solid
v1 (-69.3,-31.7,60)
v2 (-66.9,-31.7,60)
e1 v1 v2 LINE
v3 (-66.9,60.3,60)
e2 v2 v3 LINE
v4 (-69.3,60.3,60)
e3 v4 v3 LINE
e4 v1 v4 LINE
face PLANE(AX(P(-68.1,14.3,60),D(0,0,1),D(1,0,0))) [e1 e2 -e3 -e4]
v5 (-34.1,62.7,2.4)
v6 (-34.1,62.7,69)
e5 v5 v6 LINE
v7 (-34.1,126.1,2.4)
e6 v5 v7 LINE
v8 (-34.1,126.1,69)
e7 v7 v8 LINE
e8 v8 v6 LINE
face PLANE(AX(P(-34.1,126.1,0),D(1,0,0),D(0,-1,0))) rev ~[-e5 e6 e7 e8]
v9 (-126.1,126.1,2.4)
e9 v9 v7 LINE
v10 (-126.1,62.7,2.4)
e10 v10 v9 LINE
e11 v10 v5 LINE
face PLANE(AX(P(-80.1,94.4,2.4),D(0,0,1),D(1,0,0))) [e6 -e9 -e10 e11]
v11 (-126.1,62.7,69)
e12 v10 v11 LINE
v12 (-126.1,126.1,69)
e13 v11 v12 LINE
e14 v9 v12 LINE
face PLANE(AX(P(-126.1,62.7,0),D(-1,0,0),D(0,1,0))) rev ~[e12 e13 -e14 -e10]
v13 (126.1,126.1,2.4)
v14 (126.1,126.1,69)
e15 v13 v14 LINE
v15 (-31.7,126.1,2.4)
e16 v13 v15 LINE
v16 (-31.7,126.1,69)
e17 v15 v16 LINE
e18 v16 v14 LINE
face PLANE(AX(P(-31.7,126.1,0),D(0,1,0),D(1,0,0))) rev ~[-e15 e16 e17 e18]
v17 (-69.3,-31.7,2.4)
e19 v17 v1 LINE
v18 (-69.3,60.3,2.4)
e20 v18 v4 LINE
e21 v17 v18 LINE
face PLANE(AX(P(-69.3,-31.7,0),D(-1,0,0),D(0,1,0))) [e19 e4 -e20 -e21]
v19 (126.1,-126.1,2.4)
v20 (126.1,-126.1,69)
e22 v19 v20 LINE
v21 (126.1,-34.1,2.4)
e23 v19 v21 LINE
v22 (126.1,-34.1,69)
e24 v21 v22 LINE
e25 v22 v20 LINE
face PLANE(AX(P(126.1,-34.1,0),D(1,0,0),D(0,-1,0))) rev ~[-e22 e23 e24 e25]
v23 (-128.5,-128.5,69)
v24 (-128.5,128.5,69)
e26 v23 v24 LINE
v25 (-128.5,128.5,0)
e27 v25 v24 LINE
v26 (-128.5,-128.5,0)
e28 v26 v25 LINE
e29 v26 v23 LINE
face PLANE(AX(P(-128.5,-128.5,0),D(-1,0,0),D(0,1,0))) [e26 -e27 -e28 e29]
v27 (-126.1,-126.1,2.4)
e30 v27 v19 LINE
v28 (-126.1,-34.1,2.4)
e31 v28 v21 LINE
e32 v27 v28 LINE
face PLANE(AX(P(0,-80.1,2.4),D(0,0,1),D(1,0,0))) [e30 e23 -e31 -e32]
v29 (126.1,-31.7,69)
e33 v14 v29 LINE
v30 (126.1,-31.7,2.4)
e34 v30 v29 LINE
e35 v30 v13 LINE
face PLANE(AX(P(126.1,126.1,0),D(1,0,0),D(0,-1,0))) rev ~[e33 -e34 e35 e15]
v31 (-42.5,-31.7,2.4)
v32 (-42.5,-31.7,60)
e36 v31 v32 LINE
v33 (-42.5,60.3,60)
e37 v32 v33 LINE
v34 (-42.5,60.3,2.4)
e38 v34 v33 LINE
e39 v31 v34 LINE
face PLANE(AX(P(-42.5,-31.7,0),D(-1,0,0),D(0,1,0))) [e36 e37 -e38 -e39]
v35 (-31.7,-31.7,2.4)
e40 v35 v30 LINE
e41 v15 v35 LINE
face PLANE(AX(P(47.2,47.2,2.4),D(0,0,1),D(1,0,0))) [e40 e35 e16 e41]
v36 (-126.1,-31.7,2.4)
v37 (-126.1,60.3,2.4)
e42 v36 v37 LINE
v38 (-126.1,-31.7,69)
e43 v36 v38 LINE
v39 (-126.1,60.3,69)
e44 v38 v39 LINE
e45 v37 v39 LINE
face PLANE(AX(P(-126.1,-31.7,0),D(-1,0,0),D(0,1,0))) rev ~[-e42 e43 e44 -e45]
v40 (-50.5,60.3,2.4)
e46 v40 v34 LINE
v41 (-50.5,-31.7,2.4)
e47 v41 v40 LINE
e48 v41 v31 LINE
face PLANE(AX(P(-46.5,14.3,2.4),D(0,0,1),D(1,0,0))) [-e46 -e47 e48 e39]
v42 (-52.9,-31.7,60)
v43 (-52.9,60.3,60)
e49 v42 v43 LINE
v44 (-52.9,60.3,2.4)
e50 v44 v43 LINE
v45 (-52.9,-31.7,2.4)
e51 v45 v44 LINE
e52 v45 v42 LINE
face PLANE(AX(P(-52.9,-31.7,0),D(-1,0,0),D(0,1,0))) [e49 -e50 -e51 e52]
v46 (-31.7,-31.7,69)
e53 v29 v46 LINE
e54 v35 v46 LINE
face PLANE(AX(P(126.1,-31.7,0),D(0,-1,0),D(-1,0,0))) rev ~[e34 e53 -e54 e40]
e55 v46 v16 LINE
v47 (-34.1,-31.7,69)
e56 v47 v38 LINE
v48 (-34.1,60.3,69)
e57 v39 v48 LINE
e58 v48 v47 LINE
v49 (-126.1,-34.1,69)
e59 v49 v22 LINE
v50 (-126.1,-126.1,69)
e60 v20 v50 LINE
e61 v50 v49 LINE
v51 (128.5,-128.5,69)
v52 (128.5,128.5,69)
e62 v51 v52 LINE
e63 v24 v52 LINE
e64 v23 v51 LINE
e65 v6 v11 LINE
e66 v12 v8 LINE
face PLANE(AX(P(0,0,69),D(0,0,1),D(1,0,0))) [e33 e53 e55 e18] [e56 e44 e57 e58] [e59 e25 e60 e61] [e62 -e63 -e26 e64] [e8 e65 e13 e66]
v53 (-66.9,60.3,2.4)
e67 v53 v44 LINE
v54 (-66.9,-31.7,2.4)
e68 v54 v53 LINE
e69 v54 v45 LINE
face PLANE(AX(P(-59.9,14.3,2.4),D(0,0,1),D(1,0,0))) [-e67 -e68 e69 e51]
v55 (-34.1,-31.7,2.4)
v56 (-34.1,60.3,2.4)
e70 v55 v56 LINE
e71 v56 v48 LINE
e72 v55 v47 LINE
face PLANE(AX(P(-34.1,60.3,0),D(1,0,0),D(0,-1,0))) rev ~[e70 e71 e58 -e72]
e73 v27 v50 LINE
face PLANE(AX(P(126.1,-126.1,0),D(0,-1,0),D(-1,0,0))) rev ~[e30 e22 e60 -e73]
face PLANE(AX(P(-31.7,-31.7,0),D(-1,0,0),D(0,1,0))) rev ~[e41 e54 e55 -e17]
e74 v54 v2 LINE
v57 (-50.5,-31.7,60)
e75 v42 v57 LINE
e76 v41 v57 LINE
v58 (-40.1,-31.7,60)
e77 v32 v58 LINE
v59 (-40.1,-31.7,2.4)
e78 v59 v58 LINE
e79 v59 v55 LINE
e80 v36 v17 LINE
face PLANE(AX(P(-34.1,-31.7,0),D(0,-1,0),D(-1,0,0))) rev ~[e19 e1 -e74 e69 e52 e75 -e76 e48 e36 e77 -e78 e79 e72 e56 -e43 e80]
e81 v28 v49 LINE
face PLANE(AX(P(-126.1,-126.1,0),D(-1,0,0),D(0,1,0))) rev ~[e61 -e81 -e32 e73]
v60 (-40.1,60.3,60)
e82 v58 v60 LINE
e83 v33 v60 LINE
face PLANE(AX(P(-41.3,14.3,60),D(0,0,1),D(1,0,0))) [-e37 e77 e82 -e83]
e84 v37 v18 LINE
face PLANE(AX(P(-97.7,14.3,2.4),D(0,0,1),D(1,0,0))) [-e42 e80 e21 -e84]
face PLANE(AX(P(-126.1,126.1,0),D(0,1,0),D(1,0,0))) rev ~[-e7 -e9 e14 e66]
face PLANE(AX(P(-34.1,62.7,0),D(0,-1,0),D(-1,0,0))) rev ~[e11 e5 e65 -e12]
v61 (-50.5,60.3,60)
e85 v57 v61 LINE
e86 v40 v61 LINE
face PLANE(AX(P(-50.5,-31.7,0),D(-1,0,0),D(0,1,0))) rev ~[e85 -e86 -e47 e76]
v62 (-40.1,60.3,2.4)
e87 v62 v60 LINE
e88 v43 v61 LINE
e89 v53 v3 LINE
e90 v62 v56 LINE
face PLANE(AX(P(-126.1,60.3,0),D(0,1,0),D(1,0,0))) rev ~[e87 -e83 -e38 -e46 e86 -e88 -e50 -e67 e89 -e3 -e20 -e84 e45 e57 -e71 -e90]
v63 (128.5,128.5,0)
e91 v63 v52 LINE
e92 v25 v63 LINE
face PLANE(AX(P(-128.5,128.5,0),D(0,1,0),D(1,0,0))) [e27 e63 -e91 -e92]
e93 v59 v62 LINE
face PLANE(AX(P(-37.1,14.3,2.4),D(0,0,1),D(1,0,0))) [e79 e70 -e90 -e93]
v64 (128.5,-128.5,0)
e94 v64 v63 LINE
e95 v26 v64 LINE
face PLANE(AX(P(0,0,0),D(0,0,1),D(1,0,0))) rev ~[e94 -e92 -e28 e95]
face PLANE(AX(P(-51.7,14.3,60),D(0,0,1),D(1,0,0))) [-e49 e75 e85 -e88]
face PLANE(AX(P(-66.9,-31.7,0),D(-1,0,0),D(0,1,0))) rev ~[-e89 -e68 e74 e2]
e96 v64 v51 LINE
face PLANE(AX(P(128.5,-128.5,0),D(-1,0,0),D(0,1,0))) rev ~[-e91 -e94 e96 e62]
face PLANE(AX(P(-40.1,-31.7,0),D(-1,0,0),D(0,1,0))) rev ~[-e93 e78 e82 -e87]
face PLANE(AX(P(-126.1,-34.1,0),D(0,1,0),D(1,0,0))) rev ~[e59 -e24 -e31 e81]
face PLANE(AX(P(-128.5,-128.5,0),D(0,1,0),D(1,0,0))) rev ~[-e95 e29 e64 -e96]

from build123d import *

# Parameters (mm, degrees)
F0_W     = 92
F0_H     = 63.4
F1_DEPTH = 2.4
F0_W_2   = 56.8
F0_H_2   = 92
F0_W_3   = 14
F0_W_4   = 8
F0_W_5   = 6
F0_W_6   = 252.2
F0_W_7   = 257
F0_H_3   = 257
F2_DEPTH = 69
F0_W_8   = 2.4
F3_DEPTH = 60


with BuildPart() as f1:
    # F0 (on Top) → F1 (new body)
    with BuildSketch(Plane.XY):
        with Locations((-80.1, 94.4)):
            Rectangle(F0_W, F0_H)
    extrude(amount=F1_DEPTH)



with BuildPart() as f1b:
    # F0 (on Top) → F1, piece 2 (new body)
    with BuildSketch(Plane.XY):
        with Locations((-97.7, 14.3)):
            Rectangle(F0_W_2, F0_H_2)
    extrude(amount=F1_DEPTH)


with BuildPart() as f1c:
    # F0 (on Top) → F1, piece 3 (new body)
    with BuildSketch(Plane.XY):
        with Locations((-59.9, 14.3)):
            Rectangle(F0_W_3, F0_H_2)
    extrude(amount=F1_DEPTH)


with BuildPart() as f1d:
    # F0 (on Top) → F1, piece 4 (new body)
    with BuildSketch(Plane.XY):
        with Locations((-46.5, 14.3)):
            Rectangle(F0_W_4, F0_H_2)
    extrude(amount=F1_DEPTH)


with BuildPart() as f1e:
    # F0 (on Top) → F1, piece 5 (new body)
    with BuildSketch(Plane.XY):
        with Locations((-37.1, 14.3)):
            Rectangle(F0_W_5, F0_H_2)
    extrude(amount=F1_DEPTH)


with BuildPart() as f1f:
    # F0 (on Top) → F1, piece 6 (new body)
    with BuildSketch(Plane.XY):
        Polygon((126.1, 126.1), (-31.7, 126.1), (-31.7, 60.3), (-31.7, -31.7), (126.1, -31.7), align=None)
    extrude(amount=F1_DEPTH)


with BuildPart() as f1g:
    # F0 (on Top) → F1, piece 7 (new body)
    with BuildSketch(Plane.XY):
        with Locations((0, -80.1)):
            Rectangle(F0_W_6, F0_H_2)
    extrude(amount=F1_DEPTH)


with BuildPart() as f1_1:
    add(f1.part)

    add(f1b.part)  # F2 merges F1b

    add(f1c.part)  # F2 merges F1c

    add(f1d.part)  # F2 merges F1d

    add(f1e.part)  # F2 merges F1e

    add(f1f.part)  # F2 merges F1f

    add(f1g.part)  # F2 merges F1g
    # F0 (on Top) → F2 (join)
    with BuildSketch(Plane.XY):
        Rectangle(F0_W_7, F0_H_3)
        Polygon((-126.1, 62.7), (-126.1, 126.1), (-34.1, 126.1), (-31.7, 126.1), (126.1, 126.1), (126.1, -31.7), (126.1, -34.1), (126.1, -126.1), (-126.1, -126.1), (-126.1, -34.1), (-126.1, -31.7), (-126.1, 60.3), align=None, mode=Mode.SUBTRACT)
        Polygon((-69.3, -31.7), (-126.1, -31.7), (-126.1, -34.1), (126.1, -34.1), (126.1, -31.7), (-31.7, -31.7), (-34.1, -31.7), (-40.1, -31.7), (-42.5, -31.7), (-50.5, -31.7), (-52.9, -31.7), (-66.9, -31.7), align=None)
        Polygon((-34.1, 62.7), (-126.1, 62.7), (-126.1, 60.3), (-69.3, 60.3), (-66.9, 60.3), (-52.9, 60.3), (-50.5, 60.3), (-42.5, 60.3), (-40.1, 60.3), (-34.1, 60.3), align=None)
        Polygon((-31.7, 126.1), (-34.1, 126.1), (-34.1, 62.7), (-34.1, 60.3), (-34.1, -31.7), (-31.7, -31.7), (-31.7, 60.3), align=None)
    extrude(amount=F2_DEPTH)

    # F0 (on Top) → F3 (join)
    with BuildSketch(Plane.XY):
        with Locations((-68.1, 14.3)):
            Rectangle(F0_W_8, F0_H_2)
        with Locations((-51.7, 14.3)):
            Rectangle(F0_W_8, F0_H_2)
        with Locations((-41.3, 14.3)):
            Rectangle(F0_W_8, F0_H_2)
    extrude(amount=F3_DEPTH)


solid = f1_1.part
